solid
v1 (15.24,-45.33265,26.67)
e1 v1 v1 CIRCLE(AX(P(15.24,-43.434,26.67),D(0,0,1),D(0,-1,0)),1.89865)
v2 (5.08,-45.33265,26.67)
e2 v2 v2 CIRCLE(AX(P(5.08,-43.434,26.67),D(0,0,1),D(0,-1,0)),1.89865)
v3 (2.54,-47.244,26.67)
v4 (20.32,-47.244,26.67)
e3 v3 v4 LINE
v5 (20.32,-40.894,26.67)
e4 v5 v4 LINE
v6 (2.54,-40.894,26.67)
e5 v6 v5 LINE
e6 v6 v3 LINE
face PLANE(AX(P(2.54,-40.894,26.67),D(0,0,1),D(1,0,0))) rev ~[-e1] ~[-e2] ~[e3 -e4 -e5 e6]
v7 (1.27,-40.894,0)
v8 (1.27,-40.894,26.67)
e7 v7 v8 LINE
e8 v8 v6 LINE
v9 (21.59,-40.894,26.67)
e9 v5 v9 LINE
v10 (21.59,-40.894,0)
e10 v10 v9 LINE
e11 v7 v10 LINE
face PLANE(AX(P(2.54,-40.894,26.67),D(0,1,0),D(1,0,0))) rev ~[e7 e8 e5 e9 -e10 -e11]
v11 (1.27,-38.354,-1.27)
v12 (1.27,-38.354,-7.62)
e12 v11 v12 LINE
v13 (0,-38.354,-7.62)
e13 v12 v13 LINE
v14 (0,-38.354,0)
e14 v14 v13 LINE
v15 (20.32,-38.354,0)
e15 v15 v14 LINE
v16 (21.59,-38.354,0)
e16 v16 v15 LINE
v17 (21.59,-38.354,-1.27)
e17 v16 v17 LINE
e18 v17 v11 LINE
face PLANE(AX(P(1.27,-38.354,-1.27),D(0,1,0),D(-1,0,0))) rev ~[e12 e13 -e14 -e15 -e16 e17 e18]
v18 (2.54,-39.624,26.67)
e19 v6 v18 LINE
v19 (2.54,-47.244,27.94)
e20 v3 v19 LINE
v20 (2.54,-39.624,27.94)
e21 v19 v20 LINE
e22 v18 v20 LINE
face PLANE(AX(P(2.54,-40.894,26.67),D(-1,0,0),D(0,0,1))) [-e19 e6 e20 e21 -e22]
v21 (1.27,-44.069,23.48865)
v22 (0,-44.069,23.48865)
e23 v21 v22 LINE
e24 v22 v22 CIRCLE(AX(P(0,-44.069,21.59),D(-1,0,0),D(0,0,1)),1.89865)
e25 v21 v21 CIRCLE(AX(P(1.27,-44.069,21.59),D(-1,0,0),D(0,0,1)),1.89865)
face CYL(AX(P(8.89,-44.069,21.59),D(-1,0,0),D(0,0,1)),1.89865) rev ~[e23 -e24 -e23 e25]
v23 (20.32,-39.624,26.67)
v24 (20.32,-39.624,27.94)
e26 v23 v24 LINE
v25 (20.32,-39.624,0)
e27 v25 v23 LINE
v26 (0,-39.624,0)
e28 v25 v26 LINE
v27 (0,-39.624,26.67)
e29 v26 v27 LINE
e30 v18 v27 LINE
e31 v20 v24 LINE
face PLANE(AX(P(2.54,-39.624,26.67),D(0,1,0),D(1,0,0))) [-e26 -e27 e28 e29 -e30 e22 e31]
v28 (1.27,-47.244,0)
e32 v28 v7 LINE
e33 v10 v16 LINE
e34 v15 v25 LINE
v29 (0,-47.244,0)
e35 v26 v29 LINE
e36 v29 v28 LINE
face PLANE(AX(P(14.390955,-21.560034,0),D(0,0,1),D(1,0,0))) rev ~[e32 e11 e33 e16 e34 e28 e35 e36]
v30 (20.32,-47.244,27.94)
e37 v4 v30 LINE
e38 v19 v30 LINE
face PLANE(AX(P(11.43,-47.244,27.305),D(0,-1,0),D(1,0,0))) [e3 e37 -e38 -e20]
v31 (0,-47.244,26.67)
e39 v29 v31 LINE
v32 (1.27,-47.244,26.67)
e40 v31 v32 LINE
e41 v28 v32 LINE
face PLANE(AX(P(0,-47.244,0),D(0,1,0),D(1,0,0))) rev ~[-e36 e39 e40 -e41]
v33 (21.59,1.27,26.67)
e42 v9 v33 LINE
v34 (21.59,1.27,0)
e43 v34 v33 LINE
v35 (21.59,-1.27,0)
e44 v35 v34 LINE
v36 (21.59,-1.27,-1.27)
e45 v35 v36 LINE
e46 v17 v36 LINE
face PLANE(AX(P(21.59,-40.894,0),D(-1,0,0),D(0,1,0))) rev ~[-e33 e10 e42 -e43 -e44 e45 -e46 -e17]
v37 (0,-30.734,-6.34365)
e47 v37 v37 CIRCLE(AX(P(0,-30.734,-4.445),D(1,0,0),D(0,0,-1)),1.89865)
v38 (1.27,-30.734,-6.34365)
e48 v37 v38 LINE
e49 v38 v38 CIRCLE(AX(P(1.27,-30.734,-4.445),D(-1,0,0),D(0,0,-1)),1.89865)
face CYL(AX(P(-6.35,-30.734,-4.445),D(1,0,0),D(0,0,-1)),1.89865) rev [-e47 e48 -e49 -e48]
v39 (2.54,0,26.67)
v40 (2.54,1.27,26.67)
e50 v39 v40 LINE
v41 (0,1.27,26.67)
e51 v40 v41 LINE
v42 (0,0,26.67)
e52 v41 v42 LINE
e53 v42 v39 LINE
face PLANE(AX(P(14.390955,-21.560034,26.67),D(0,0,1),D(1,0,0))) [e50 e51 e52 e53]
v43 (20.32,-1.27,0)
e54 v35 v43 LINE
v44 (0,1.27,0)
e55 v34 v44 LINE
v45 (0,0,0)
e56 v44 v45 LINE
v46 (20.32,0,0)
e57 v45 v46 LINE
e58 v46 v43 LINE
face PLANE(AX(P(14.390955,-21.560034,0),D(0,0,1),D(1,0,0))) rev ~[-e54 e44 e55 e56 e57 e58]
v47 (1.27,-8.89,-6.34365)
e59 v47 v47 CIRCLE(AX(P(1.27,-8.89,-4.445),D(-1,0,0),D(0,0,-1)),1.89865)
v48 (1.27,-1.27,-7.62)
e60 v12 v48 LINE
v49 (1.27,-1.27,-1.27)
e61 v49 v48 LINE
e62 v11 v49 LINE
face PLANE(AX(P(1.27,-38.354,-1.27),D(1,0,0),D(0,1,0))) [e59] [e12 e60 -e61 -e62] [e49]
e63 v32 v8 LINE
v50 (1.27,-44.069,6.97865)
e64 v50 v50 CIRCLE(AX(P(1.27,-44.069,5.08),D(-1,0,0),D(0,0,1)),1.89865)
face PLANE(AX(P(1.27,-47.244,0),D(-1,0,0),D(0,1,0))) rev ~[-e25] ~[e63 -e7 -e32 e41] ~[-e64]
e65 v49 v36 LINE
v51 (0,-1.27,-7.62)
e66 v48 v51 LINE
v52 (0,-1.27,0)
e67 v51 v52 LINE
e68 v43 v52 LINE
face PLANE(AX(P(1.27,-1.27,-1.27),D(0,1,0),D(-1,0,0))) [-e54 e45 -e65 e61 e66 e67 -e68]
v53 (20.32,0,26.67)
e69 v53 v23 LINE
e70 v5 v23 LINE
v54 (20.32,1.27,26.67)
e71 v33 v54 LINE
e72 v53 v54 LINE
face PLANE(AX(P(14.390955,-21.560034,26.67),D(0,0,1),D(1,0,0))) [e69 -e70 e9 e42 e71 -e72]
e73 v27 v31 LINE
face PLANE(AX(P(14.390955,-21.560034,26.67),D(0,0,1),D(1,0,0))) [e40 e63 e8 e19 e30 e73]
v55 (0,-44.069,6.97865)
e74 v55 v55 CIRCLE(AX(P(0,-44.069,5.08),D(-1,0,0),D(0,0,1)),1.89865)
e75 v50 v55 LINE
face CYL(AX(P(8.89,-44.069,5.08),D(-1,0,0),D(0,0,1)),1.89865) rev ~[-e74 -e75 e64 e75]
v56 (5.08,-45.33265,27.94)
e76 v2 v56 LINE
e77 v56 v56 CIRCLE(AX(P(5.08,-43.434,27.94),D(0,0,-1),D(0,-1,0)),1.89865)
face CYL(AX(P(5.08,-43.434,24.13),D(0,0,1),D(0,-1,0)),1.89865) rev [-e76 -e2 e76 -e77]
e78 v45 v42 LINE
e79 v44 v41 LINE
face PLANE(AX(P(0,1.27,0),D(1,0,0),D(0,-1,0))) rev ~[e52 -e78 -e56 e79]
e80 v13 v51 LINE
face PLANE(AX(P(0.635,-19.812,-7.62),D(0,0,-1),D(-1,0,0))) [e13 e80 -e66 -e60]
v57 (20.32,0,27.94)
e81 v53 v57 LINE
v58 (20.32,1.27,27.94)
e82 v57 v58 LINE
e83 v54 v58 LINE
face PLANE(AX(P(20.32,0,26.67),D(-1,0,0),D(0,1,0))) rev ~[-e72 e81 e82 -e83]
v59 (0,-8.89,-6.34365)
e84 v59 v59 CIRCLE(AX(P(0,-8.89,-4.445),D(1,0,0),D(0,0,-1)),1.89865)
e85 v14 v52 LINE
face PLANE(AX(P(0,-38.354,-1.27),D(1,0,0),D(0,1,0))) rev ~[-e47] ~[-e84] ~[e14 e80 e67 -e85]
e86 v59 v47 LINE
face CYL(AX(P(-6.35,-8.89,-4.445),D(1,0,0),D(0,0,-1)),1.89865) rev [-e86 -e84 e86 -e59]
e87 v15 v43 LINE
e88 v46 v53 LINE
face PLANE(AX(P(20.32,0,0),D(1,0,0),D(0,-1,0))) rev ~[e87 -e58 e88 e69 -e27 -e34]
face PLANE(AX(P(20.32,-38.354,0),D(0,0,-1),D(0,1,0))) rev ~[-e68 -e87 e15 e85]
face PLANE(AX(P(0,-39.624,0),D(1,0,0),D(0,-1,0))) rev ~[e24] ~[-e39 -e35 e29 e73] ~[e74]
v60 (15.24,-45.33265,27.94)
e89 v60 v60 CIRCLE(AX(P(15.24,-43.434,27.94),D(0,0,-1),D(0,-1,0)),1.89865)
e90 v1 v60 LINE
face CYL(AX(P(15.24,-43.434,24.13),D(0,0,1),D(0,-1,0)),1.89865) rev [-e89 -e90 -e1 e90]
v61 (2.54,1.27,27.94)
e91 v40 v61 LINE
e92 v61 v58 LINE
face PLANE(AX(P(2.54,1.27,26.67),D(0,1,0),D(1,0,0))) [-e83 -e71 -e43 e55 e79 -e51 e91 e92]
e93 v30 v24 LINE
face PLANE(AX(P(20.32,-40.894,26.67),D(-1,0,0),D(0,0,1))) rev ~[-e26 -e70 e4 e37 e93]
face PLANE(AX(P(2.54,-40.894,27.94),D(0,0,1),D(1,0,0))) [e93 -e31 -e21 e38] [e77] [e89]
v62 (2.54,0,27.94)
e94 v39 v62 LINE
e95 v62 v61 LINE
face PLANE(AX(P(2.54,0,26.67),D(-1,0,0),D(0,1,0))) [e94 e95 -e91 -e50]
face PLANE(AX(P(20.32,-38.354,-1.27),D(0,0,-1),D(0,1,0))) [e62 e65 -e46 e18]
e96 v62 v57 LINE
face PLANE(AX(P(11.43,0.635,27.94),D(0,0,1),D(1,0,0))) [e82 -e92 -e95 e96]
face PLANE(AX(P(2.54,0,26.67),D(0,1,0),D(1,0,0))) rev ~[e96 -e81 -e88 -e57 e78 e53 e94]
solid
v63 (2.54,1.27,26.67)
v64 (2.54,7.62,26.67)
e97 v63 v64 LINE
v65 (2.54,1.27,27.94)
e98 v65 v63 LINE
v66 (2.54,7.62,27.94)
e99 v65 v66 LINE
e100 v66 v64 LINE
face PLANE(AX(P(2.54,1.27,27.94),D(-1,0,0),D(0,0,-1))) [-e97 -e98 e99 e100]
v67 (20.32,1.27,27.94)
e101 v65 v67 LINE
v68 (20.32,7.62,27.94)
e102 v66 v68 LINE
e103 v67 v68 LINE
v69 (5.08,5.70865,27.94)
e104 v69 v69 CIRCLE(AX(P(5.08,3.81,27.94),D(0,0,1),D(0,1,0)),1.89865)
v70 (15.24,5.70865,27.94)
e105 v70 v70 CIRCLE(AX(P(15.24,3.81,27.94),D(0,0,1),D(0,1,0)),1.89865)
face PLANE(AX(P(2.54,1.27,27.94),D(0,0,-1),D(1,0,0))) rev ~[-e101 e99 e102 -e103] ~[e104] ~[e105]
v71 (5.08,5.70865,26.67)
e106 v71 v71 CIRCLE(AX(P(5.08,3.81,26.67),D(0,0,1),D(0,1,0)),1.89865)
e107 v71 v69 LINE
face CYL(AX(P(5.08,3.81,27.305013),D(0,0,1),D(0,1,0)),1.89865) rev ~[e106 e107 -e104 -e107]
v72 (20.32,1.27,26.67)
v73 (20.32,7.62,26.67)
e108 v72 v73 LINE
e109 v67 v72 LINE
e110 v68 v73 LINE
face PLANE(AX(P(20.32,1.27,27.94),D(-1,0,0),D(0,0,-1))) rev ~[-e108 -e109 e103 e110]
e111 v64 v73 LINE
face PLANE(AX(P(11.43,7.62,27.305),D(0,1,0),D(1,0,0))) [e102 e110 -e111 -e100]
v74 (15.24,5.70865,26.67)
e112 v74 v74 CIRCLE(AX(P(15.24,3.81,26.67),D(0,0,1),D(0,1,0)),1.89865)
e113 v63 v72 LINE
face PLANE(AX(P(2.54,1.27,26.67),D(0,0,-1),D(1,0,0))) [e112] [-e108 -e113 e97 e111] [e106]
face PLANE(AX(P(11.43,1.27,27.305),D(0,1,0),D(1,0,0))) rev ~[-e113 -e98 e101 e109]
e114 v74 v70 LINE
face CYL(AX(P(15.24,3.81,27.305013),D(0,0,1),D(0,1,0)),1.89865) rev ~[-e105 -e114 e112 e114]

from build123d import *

# Parameters (mm, degrees)
EXTRUDE_THIN1_DEPTH            = 26.67
F_6_CLEARANCE_HOLE4_D          = 3.7973
F_6_CLEARANCE_HOLE4_DEPTH      = 7.62
F_6_CLEARANCE_HOLE4_TIP        = 1.140824014
SKETCH4_W                      = 17.78
SKETCH4_H                      = 1.27
BOSS_EXTRUDE1_DEPTH            = 6.35
SKETCH7_W                      = 17.78
SKETCH7_H                      = 1.27
BOSS_EXTRUDE2_DEPTH            = 1.27
SKETCH5_W                      = 1.89865
SKETCH5_H                      = 1.270025
F_6_CLEARANCE_HOLE2_AT_2_COUNT = 2
F_6_CLEARANCE_HOLE2_AT_2_PITCH = 10.16
SKETCH8_W                      = 17.78
SKETCH8_H                      = 1.27
BOSS_EXTRUDE3_DEPTH            = 1.27
SKETCH9_W                      = 17.78
SKETCH9_H                      = 1.27
BOSS_EXTRUDE4_DEPTH            = 6.35
F_6_CLEARANCE_HOLE3_AT_2_COUNT = 2
F_6_CLEARANCE_HOLE3_AT_2_PITCH = 10.16
SKETCH15_W                     = 1.27
SKETCH15_H                     = 37.084
BOSS_EXTRUDE5_DEPTH            = 1.27
SKETCH17_W                     = 1.27
SKETCH17_H                     = 37.084
BOSS_EXTRUDE14_DEPTH           = 20.32
SKETCH18_W                     = 1.27
SKETCH18_H                     = 37.084
BOSS_EXTRUDE15_DEPTH           = 6.35
F_6_CLEARANCE_HOLE5_AT_2_COUNT = 2
F_6_CLEARANCE_HOLE5_AT_2_PITCH = 21.844


with BuildPart() as part:
    # Sketch1 → Extrude-Thin1 (new body)
    with BuildSketch(Plane.XY):
        Polygon((0, 0), (20.32, 0), (20.32, -39.624), (0, -39.624), (0, -47.244), (1.27, -47.244), (1.27, -40.894), (21.59, -40.894), (21.59, 1.27), (0, 1.27), align=None)
    extrude(amount=EXTRUDE_THIN1_DEPTH)

    # #6 Clearance Hole4
    with Locations(Plane(origin=(1.27, 0, 0), x_dir=(0, 0, -1), z_dir=(1, 0, 0))):
        with Locations((-21.59, -44.069), (-5.08, -44.069)):
            Hole(F_6_CLEARANCE_HOLE4_D / 2, depth=F_6_CLEARANCE_HOLE4_DEPTH)
            with Locations((0, 0, -(F_6_CLEARANCE_HOLE4_DEPTH + F_6_CLEARANCE_HOLE4_TIP / 2))):  # 118° drill point
                Cone(0, F_6_CLEARANCE_HOLE4_D / 2, F_6_CLEARANCE_HOLE4_TIP, mode=Mode.SUBTRACT)

    # Sketch7 → Boss-Extrude2 (add)
    with BuildSketch(Plane.XY.offset(26.67)):
        with Locations((11.43, 0.635)):
            Rectangle(SKETCH7_W, SKETCH7_H)
    extrude(amount=BOSS_EXTRUDE2_DEPTH)

    # Sketch8 → Boss-Extrude3 (add)
    with BuildSketch(Plane.XY.offset(26.67)):
        with Locations((11.43, -40.259)):
            Rectangle(SKETCH8_W, SKETCH8_H)
    extrude(amount=BOSS_EXTRUDE3_DEPTH)

    # Sketch9 → Boss-Extrude4 (add)
    with BuildSketch(Plane.XZ.offset(40.894)):
        with Locations((11.43, 27.305)):
            Rectangle(SKETCH9_W, SKETCH9_H)
    extrude(amount=BOSS_EXTRUDE4_DEPTH)

    # Sketch10 → #6 Clearance Hole3 (revolve, cut)
    with BuildSketch(Plane(origin=(15.24, -43.434, 27.94), x_dir=(0, -1, 0), z_dir=(1, 0, 0))):
        Polygon((0, 0), (0, 4.950824014), (1.89865, 3.81), (1.89865, 0), align=None)
    f_6_clearance_hole3 = revolve(axis=Axis((15.24, -43.434, 34.29), (0, 0, -1)), mode=Mode.SUBTRACT)

    # #6 Clearance Hole3 at 2: #6 Clearance Hole3 ×2
    with Locations(*[(-i * F_6_CLEARANCE_HOLE3_AT_2_PITCH, 0, 0) for i in range(1, F_6_CLEARANCE_HOLE3_AT_2_COUNT)]):
        add(f_6_clearance_hole3, mode=Mode.SUBTRACT)

    # Sketch15 → Boss-Extrude5 (add)
    with BuildSketch(Plane(origin=(0, 0, 0), x_dir=(-1, 0, 0), z_dir=(0, 0, -1))):
        with Locations((-20.955, -19.812)):
            Rectangle(SKETCH15_W, SKETCH15_H)
    extrude(amount=BOSS_EXTRUDE5_DEPTH)

    # Sketch17 → Boss-Extrude14 (add)
    with BuildSketch(Plane.ZY.offset(-20.32)):
        with Locations((-0.635, -19.812)):
            Rectangle(SKETCH17_W, SKETCH17_H)
    extrude(amount=BOSS_EXTRUDE14_DEPTH)

    # Sketch18 → Boss-Extrude15 (add)
    with BuildSketch(Plane(origin=(0, 0, -1.27), x_dir=(-1, 0, 0), z_dir=(0, 0, -1))):
        with Locations((-0.635, -19.812)):
            Rectangle(SKETCH18_W, SKETCH18_H)
    extrude(amount=BOSS_EXTRUDE15_DEPTH)

    # Sketch19 → #6 Clearance Hole5 (revolve, cut)
    with BuildSketch(Plane(origin=(1.27, -8.89, -4.445), x_dir=(0, 0, -1), z_dir=(0, 1, 0))):
        Polygon((0, 0), (0, 8.760824014), (1.89865, 7.62), (1.89865, 0), align=None)
    f_6_clearance_hole5 = revolve(axis=Axis((7.62, -8.89, -4.445), (-1, 0, 0)), mode=Mode.SUBTRACT)

    # #6 Clearance Hole5 at 2: #6 Clearance Hole5 ×2
    with Locations(*[(0, -i * F_6_CLEARANCE_HOLE5_AT_2_PITCH, 0) for i in range(1, F_6_CLEARANCE_HOLE5_AT_2_COUNT)]):
        add(f_6_clearance_hole5, mode=Mode.SUBTRACT)


with BuildPart() as body_2:
    # Sketch4 → Boss-Extrude1 (new body)
    with BuildSketch(Plane(origin=(0, 1.27, 0), x_dir=(1, 0, 0), z_dir=(0, 1, 0))):
        with Locations((11.43, -27.305)):
            Rectangle(SKETCH4_W, SKETCH4_H)
    extrude(amount=BOSS_EXTRUDE1_DEPTH)

    # Sketch5 → #6 Clearance Hole2 (revolve, cut)
    with BuildSketch(Plane(origin=(5.08, 3.81, 26.67), x_dir=(0, 1, 0), z_dir=(1, 0, 0))):
        with Locations((0.949325, 0.6350125)):
            Rectangle(SKETCH5_W, SKETCH5_H)
    f_6_clearance_hole2 = revolve(axis=Axis((5.08, 3.81, 20.32), (0, 0, 1)), mode=Mode.SUBTRACT)

    # #6 Clearance Hole2 at 2: #6 Clearance Hole2 ×2
    with Locations(*[(i * F_6_CLEARANCE_HOLE2_AT_2_PITCH, 0, 0) for i in range(1, F_6_CLEARANCE_HOLE2_AT_2_COUNT)]):
        add(f_6_clearance_hole2, mode=Mode.SUBTRACT)


solid = Compound([part.part, body_2.part])
